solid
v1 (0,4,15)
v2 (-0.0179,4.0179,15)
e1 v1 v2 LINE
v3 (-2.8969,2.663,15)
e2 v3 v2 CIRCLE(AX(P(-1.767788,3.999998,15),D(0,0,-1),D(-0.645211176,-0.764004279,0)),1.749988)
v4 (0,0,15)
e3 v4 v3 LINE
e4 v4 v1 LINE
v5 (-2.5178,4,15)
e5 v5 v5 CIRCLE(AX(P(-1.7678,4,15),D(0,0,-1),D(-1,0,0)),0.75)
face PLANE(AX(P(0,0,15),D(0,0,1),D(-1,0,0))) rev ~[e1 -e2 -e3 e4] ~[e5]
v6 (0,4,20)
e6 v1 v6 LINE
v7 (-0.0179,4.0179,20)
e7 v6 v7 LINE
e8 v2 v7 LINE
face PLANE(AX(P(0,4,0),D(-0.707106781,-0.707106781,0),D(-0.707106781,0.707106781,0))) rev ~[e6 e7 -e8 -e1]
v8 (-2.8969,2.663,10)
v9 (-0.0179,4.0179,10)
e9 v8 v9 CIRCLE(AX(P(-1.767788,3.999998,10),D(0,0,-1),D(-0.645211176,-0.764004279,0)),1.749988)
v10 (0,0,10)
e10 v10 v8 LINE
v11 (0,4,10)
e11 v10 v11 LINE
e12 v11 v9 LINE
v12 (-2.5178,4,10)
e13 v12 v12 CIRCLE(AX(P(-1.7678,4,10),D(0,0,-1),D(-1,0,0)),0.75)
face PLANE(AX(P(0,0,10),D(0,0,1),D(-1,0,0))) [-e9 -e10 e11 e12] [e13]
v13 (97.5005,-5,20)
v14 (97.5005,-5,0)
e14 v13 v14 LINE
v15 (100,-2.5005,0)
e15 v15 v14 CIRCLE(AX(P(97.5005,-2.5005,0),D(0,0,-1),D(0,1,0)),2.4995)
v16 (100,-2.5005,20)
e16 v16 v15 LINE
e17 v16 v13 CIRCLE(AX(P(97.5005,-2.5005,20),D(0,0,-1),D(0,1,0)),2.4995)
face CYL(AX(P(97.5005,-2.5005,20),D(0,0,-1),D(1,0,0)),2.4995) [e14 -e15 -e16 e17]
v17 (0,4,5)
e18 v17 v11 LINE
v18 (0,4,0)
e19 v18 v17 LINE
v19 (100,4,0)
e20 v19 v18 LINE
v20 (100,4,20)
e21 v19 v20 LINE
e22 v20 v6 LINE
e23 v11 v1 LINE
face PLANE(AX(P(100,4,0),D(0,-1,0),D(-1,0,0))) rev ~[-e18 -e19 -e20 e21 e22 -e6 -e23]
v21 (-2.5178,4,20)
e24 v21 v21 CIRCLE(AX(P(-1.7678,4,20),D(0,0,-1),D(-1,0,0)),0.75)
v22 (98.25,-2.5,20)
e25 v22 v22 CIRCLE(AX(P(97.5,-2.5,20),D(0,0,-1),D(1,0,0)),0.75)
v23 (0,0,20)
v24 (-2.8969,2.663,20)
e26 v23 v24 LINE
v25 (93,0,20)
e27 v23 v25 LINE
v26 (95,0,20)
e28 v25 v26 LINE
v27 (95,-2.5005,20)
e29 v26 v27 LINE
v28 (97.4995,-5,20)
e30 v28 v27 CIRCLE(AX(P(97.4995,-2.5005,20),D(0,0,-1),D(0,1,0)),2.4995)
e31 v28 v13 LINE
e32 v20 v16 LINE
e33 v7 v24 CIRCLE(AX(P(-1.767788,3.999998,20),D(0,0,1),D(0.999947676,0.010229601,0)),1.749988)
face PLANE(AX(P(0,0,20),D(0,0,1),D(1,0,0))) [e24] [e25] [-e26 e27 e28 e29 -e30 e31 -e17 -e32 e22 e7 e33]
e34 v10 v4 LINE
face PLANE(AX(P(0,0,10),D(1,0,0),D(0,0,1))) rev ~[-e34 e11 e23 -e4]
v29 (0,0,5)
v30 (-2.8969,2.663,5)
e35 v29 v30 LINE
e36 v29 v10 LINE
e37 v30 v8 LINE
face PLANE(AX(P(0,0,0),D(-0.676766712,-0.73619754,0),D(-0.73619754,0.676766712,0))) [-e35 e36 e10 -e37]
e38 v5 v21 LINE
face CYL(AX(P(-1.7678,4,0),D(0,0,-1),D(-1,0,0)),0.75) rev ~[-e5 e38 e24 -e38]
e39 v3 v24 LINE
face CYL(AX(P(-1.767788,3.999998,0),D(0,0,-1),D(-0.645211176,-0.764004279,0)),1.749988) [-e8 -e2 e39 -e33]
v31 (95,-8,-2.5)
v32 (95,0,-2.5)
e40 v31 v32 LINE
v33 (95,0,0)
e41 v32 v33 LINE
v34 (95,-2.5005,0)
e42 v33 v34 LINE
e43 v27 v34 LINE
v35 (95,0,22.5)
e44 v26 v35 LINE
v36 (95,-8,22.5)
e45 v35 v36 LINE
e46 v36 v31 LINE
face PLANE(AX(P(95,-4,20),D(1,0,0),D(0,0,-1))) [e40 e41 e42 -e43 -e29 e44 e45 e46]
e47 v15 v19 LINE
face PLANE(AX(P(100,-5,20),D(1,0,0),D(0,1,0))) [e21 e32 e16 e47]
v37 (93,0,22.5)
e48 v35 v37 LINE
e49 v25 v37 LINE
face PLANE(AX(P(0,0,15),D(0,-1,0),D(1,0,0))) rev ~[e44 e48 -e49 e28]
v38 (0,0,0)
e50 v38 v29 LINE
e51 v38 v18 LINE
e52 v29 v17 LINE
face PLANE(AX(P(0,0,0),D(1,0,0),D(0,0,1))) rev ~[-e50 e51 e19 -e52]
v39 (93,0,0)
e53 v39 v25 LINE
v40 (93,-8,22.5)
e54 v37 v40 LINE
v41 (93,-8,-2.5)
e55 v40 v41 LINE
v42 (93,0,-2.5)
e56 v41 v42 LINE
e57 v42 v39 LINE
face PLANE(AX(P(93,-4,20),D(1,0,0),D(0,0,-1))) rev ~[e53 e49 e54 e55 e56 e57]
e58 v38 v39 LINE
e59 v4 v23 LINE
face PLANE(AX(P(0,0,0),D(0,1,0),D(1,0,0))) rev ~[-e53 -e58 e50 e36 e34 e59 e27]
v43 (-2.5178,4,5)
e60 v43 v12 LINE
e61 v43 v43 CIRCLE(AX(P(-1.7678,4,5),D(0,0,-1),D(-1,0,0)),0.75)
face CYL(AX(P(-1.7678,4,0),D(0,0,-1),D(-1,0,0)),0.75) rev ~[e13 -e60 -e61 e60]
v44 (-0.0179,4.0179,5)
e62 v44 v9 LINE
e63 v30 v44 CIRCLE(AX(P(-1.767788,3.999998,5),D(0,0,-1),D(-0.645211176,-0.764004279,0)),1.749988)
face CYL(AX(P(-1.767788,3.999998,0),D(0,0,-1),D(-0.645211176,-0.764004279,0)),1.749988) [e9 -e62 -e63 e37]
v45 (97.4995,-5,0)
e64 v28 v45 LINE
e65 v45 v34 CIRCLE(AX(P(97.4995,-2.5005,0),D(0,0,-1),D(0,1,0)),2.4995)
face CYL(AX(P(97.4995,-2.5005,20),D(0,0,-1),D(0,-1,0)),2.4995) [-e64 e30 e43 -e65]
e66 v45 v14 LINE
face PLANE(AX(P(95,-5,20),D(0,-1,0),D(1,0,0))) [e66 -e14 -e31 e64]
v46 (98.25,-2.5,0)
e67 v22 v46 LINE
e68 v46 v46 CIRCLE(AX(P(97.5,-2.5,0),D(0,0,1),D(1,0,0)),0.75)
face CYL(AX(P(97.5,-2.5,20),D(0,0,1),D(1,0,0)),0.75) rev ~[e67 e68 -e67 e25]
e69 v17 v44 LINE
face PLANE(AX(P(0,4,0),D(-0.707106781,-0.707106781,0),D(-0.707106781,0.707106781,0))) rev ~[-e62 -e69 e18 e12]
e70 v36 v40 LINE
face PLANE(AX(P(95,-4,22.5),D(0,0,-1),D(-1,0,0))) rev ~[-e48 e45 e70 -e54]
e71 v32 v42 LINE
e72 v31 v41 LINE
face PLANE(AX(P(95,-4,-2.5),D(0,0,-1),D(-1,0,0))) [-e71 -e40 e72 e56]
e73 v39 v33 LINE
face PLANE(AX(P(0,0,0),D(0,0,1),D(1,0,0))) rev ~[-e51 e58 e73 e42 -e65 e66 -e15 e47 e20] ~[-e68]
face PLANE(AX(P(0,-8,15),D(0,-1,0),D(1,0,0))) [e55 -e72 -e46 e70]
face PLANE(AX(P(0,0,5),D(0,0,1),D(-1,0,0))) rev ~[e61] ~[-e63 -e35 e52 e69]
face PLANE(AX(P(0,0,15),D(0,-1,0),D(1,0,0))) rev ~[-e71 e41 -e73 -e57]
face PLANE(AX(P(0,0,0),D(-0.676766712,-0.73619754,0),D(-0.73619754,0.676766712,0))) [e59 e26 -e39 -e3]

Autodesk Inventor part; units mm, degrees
ref_plane "YZ Plane" through (0, 0, 0) normal (1, 0, 0) x (0, 1, 0)
ref_plane "XZ Plane" through (0, 0, 0) normal (0, 1, 0) x (-1, 0, 0)
sketch "Skizze1" plane through (0, 0, 0) normal (0, 0, 1) x (1, 0, 0)
  line L0 (0, 0) -> (100, 0)
  line L1 (100, 0) -> (100, 4)
  line L2 (100, 4) -> (0, 4)
  line L3 (0, 4) -> (0, 0)
  dimension "d0" = 100
  dimension "d1" = 4
extrude "Extrusion1" add sketch "Skizze1" along normal blind 20
sketch "Skizze2" plane through (0, 0, 0) normal (0, 0, -1) x (-1, 0, 0)
  line L0 (0, 4) -> (0, 0) projected
  line L1 (-100, 4) -> (0, 4) projected
  line L2 (0, 4) -> (2.5, 4) construction
  line L3 (1.7678, 5.7678) -> (1.7678, 5.75)
  arc A0 (2.8969, 2.663) -> (0.0178, 4) centre (1.7678, 4) ccw
  line L4 (0, 0) -> (3.0052, 2.7626)
  line L5 (0, 4) -> (0.0179, 4.0179)
  line L6 (1.7499, 5.7499) -> (1.7678, 5.7678)
  circle A1 centre (1.7678, 4) radius 0.75
  dimension "d4" = 2.5
  dimension "d6" = 3.5
  dimension "d9" = 1.5
extrude "Extrusion2" add sketch "Skizze2" against normal blind 20 contours L5 A0 L4 L0 | A1
sketch "Skizze3" plane through (0, 0, 0) normal (0, 0, -1) x (-1, 0, 0)
  point P0 (0, 0)
extrude "Extrusion3" cut sketch "Skizze2" against normal blind 20 contours A1
sketch "Skizze6" plane through (0, 0, 0) normal (0, -1, 0) x (1, 0, 0)
  line L0 (0, 0) -> (0, 20) projected
  line L1 (0, 20) -> (0, 15)
  line L2 (0, 15) -> (0, 10)
  line L3 (0, 10) -> (0, 5)
  line L4 (0, 5) -> (0, 0)
  line L5 (-3.5178, 0) -> (-0.0179, 0) projected
  line L6 (0, 0) -> (-3.5178, 0)
  line L7 (-3.5178, 0) -> (-3.5178, 5)
  line L8 (-3.5178, 0) -> (-3.5178, 20) projected
  line L9 (0, 5) -> (-3.5178, 5)
  line L10 (0, 15) -> (-3.5178, 15)
  line L11 (-3.5178, 15) -> (-3.5178, 10)
  line L12 (0, 10) -> (-3.5178, 10)
  point P0 (-3.0052, 0)
  dimension "d22" = 5
  dimension "d23" = 5
  dimension "d24" = 5
extrude "Extrusion5" cut sketch "Skizze6" against normal blind 50 contours L6 L5 L7 L9 L0 | L12 L8 L10 L0
sketch "Skizze7" plane through (100, 4, 20) normal (1, 0, 0) x (0, 0, -1)
  point P0 (20, -4)
sketch "Skizze10" plane through (0, 0, 20) normal (0, 0, 1) x (1, 0, 0)
  point P0 (0, 0)
sketch "Skizze11" plane through (0, 0, 20) normal (0, 0, 1) x (1, 0, 0)
  line L0 (0, 0) -> (100, 0) projected
  line L1 (100, 0) -> (95, 0)
  line L2 (95, 0) -> (95, -5)
  line L3 (95, -5) -> (100, -5)
  line L4 (100, -5) -> (100, 0)
  dimension "d28" = 5
  dimension "d29" = 5
extrude "Extrusion6" add sketch "Skizze11" against normal blind 20
sketch "Skizze12" plane through (0, 0, 20) normal (0, 0, 1) x (1, 0, 0)
  line L0 (100, 4) -> (100, -5) projected
  line L1 (100, -5) -> (97.5, -5)
  line L2 (100, -5) -> (95, -5) projected
  line L3 (97.5, -5) -> (97.5, -2.5)
  circle A0 centre (97.5, -2.5) radius 0.75
  point P0 (0, 0)
  dimension "d32" = 2.5
  dimension "d33" = 1.5
extrude "Extrusion7" cut sketch "Skizze12" against normal blind 20
fillet "Rundung1" radius 2.5 2 edges at (95, -5, 10) (100, -5, 10)
ref_plane "Arbeitsebene3" through (0, -4, 15) normal (0, -1, 0) x (1, 0, 0)
sketch "Skizze14" plane through (0, -4, 15) normal (0, -1, 0) x (1, 0, 0)
  line L0 (95, 5) -> (95, -15) projected
  line L1 (0, -15) -> (95, -15) projected
  line L2 (95, 5) -> (93, 5)
  line L3 (93, 5) -> (93, -15)
  line L4 (93, -15) -> (95, -15)
  line L5 (95, -15) -> (95, 5)
  line L6 (93, 5) -> (95, 5)
  line L7 (95, 5) -> (95, 7.5)
  line L8 (95, 7.5) -> (93, 7.5)
  line L9 (93, 7.5) -> (93, 5)
  line L10 (93, -15) -> (95, -15)
  line L11 (95, -15) -> (95, -17.5)
  line L12 (95, -17.5) -> (93, -17.5)
  line L13 (93, -17.5) -> (93, -15)
  dimension "d39" = 2
  dimension "d40" = 2
  dimension "d41" = 2.5
  dimension "d42" = 2.5
extrude "Extrusion9" add sketch "Skizze14" along normal mid plane 8
properties part number "Hebel_Klemme_unten"
